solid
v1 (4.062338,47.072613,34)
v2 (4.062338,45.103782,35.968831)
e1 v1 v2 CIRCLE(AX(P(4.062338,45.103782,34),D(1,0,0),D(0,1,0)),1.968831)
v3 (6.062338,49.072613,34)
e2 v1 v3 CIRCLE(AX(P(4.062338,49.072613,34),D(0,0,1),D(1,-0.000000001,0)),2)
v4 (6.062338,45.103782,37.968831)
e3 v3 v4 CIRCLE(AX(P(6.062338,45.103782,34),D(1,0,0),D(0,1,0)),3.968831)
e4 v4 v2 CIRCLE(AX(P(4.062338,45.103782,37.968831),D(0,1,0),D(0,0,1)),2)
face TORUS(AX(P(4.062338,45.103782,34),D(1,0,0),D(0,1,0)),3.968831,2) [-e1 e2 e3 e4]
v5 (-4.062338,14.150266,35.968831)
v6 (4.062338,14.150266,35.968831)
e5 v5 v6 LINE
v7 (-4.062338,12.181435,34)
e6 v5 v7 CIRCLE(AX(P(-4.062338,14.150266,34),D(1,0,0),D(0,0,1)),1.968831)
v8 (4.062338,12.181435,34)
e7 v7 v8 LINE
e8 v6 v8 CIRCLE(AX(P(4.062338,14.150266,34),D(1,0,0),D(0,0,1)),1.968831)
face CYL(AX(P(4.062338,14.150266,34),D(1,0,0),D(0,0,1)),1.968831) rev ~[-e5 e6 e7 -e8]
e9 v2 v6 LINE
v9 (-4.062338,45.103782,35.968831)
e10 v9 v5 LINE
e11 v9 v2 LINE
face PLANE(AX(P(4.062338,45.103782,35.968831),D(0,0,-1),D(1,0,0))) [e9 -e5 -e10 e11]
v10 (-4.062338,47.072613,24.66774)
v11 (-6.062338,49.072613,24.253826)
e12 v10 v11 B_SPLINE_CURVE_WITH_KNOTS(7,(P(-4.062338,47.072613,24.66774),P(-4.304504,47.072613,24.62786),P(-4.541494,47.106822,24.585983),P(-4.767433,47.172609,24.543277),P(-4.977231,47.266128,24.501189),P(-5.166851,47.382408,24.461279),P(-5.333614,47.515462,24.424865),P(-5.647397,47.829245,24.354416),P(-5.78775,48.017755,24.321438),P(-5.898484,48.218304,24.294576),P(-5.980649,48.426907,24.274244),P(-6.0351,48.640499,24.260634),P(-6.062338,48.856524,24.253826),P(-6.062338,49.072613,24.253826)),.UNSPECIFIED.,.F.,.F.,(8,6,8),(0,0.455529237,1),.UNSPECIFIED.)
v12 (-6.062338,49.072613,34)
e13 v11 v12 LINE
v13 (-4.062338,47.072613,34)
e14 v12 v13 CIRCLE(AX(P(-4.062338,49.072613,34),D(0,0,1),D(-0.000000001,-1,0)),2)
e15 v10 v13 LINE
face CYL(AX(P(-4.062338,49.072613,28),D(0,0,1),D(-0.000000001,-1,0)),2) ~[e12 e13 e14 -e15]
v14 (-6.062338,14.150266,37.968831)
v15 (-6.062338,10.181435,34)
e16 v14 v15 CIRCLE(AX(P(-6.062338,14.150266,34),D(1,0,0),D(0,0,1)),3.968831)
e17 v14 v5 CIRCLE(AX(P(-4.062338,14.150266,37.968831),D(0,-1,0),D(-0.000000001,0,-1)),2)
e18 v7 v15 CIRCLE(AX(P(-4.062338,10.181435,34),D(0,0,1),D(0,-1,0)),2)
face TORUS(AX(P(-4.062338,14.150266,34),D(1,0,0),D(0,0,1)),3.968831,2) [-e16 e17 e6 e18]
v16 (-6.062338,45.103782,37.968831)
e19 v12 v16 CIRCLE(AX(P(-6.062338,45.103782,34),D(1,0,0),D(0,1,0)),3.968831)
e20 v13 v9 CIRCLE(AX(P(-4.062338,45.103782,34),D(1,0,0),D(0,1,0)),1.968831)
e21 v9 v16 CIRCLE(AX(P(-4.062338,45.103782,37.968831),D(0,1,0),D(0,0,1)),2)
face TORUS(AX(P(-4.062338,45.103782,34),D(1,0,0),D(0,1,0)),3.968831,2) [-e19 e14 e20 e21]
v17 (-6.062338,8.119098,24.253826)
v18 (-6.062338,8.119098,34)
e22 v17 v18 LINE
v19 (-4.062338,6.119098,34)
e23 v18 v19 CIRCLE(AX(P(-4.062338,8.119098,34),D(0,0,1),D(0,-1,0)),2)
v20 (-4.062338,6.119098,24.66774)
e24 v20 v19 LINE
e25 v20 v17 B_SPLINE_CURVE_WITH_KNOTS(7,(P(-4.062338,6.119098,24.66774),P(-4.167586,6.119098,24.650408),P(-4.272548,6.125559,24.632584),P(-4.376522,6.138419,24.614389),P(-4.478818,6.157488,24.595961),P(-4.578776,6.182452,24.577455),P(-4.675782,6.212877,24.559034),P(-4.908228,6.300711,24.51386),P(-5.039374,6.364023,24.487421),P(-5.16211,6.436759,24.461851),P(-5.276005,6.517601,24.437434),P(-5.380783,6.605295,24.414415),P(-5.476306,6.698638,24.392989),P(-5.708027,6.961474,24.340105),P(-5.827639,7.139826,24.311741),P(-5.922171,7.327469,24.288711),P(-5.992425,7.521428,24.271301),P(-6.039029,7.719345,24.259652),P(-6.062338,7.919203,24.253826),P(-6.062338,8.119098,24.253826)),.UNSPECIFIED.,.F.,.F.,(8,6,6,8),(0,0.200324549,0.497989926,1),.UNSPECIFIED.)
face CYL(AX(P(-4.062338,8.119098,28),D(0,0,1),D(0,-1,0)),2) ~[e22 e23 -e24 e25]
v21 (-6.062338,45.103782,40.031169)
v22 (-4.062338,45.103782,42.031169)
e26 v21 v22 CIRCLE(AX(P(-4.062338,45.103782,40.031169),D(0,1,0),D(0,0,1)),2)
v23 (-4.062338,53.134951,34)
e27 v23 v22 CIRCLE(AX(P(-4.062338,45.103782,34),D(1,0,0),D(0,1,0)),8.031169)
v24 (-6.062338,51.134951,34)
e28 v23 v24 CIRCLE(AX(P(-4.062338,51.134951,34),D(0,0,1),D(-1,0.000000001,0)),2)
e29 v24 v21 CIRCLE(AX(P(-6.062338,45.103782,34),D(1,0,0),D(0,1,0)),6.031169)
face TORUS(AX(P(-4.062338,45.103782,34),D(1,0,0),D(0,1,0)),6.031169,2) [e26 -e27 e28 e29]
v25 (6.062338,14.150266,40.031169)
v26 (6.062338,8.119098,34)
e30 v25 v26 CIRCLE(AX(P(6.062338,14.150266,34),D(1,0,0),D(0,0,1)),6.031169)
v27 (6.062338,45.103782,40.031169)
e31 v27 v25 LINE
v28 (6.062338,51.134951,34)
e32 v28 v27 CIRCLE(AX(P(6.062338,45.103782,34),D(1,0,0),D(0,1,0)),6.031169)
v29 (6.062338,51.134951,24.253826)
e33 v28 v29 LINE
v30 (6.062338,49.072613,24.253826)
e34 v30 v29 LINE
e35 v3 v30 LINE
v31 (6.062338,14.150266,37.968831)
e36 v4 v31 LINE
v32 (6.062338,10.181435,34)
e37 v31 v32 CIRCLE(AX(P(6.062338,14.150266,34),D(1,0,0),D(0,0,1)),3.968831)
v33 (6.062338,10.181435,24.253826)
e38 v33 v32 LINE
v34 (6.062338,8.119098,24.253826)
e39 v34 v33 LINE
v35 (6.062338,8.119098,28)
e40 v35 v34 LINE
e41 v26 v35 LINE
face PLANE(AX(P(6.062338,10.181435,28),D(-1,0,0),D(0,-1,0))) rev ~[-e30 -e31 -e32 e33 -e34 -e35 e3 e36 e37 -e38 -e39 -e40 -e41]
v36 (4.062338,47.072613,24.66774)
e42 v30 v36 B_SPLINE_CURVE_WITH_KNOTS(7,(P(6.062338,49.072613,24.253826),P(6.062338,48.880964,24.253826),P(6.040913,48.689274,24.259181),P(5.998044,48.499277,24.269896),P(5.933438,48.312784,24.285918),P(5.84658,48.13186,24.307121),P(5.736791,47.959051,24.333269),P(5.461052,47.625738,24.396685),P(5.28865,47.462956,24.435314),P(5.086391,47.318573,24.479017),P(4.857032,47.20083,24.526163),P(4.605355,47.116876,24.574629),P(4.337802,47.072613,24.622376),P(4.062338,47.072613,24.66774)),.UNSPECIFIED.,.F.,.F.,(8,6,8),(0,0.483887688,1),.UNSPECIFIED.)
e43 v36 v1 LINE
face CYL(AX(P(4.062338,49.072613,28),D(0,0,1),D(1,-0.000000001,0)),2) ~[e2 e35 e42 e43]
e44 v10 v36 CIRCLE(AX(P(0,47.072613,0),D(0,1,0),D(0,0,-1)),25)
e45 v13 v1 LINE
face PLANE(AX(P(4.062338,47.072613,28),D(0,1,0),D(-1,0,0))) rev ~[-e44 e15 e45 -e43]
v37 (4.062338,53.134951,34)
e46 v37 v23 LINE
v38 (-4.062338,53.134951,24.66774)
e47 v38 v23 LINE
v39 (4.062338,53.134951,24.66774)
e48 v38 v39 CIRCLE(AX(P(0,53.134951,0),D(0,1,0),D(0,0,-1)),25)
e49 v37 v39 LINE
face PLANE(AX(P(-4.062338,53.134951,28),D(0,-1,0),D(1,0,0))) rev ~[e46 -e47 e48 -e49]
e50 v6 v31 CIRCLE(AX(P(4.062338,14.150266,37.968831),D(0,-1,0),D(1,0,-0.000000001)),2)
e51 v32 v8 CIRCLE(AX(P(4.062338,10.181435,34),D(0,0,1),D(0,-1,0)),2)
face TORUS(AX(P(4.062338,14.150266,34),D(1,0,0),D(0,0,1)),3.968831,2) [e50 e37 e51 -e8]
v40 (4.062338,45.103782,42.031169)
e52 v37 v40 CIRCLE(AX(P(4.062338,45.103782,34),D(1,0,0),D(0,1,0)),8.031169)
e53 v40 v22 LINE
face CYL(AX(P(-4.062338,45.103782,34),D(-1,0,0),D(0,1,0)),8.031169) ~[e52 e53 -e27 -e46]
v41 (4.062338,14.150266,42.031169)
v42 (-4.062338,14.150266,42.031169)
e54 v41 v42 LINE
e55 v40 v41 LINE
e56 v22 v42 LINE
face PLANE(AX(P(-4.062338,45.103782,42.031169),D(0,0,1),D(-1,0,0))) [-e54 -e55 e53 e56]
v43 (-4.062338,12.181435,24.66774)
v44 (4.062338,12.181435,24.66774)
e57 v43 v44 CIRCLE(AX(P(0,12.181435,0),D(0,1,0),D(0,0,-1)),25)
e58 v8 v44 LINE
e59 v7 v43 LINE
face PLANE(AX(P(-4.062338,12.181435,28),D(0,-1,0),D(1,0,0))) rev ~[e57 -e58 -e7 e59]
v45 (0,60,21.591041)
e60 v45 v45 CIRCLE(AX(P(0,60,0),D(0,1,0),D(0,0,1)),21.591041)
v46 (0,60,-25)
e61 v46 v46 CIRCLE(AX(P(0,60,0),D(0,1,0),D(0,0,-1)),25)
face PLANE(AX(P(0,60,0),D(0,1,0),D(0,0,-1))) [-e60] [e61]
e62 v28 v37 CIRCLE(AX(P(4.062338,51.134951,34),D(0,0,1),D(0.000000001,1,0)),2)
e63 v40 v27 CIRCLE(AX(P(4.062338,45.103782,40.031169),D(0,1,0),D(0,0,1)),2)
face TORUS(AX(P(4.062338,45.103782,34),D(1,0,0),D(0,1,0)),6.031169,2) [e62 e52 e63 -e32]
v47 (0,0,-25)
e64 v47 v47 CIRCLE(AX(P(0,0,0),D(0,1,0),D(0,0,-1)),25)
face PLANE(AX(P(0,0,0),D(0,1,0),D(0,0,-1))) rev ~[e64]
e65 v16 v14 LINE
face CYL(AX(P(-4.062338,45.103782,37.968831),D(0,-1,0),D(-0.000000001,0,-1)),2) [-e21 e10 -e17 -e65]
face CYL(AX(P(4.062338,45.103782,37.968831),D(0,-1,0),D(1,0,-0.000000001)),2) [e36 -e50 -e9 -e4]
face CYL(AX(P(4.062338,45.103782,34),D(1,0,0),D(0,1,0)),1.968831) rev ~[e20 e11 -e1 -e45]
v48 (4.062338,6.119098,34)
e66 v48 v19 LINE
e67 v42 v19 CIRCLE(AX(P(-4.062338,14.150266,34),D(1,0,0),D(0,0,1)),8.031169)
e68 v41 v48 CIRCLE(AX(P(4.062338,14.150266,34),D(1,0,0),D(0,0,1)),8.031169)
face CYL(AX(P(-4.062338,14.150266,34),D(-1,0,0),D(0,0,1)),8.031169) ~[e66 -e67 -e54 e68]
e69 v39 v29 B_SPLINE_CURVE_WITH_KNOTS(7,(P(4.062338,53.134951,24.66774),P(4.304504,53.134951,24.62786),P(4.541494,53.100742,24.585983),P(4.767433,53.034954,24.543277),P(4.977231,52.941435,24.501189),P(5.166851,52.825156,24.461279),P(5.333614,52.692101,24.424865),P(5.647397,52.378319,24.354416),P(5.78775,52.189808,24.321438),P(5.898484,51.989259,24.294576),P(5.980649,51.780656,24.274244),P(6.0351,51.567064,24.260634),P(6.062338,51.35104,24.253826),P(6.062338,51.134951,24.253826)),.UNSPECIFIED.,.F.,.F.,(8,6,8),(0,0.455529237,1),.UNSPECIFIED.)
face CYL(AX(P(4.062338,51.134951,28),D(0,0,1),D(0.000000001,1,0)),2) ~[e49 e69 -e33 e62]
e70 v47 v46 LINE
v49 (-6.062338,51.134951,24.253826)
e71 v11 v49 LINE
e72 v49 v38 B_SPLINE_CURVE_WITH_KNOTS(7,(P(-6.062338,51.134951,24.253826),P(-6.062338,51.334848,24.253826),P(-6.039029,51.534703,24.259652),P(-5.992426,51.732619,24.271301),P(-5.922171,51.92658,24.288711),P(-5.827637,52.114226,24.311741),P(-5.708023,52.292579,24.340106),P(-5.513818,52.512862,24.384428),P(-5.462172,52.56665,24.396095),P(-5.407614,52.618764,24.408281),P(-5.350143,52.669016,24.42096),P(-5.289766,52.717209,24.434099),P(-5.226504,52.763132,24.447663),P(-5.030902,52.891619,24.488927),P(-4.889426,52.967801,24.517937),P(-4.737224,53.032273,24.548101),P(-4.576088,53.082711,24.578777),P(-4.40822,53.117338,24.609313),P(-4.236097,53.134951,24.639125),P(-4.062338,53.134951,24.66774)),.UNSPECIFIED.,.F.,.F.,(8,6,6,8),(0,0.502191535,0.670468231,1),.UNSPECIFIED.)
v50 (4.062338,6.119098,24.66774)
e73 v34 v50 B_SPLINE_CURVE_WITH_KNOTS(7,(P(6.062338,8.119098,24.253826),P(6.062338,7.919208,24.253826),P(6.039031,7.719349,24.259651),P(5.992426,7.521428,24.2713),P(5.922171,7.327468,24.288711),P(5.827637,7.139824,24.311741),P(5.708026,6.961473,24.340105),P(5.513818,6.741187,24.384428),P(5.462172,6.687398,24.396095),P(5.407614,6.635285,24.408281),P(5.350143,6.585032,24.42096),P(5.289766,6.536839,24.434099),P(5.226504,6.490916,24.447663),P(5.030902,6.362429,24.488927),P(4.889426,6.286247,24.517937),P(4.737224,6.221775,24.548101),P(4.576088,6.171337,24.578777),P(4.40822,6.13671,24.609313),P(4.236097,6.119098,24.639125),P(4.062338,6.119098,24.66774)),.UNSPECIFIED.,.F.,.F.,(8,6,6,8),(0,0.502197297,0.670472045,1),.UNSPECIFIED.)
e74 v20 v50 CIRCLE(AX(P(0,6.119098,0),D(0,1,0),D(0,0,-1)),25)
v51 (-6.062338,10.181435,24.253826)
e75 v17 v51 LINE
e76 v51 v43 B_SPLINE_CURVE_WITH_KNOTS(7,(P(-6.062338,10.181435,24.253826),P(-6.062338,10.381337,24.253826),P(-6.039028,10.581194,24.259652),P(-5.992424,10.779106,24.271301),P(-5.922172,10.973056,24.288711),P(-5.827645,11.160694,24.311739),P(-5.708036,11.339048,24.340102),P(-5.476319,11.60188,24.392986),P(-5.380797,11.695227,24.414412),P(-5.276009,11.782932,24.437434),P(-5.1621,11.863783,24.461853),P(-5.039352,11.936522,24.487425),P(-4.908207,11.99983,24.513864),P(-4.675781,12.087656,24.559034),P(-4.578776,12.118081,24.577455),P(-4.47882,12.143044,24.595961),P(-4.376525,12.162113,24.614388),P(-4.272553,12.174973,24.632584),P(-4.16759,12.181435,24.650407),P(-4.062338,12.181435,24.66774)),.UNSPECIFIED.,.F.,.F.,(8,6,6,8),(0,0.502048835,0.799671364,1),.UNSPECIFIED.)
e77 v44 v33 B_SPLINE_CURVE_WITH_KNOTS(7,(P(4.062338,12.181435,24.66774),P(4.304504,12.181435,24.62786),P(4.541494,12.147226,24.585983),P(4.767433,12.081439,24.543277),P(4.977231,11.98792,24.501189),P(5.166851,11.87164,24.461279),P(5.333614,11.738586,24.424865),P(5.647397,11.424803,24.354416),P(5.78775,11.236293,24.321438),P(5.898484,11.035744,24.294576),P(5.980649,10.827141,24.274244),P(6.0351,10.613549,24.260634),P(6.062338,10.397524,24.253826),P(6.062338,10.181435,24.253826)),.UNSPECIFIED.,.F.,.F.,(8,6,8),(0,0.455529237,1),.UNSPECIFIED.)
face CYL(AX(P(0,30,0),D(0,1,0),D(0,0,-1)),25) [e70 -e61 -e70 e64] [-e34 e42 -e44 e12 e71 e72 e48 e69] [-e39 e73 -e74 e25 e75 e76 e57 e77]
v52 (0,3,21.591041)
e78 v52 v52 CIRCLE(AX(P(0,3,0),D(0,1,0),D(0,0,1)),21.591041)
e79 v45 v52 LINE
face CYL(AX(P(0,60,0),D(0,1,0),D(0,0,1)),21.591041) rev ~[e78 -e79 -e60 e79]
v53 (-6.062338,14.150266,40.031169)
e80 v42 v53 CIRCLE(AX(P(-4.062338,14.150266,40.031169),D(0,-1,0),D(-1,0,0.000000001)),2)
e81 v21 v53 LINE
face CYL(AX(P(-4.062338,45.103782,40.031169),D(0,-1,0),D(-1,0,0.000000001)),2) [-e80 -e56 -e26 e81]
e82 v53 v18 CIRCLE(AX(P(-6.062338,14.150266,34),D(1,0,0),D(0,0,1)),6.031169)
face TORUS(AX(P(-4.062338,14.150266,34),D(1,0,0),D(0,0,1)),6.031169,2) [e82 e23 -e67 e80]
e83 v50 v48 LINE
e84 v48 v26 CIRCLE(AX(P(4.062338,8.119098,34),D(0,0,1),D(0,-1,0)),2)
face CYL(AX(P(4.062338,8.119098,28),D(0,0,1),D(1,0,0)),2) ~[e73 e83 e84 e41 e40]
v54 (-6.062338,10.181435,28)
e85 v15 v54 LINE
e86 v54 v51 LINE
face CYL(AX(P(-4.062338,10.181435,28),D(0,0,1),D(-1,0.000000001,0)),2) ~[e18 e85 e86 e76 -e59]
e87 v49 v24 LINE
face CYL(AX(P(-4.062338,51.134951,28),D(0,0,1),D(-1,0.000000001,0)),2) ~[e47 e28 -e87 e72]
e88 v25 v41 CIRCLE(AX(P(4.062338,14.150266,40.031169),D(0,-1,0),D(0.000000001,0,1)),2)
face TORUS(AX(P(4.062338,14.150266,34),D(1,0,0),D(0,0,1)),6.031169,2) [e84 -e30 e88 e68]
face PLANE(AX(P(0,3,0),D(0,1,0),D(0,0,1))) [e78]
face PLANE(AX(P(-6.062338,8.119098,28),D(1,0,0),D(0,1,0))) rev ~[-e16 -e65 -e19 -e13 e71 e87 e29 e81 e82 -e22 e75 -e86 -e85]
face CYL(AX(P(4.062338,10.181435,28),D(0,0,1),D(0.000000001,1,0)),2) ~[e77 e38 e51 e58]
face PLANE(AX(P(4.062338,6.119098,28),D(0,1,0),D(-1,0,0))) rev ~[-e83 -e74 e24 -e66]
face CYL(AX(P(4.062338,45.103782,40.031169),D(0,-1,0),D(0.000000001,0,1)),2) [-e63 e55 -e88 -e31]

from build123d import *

# Parameters (mm, degrees)
ESBO_O2_W                = 25
ESBO_O2_H                = 60
ESBO_O3_R                = 21.591040813
CORTE_EXTRUS_O1_DEPTH    = 57
RESSALTO_EXTRUS_O1_REACH = 85.869


with BuildPart() as part:
    # Esboço2 → Revolução1 (revolve)
    with BuildSketch(Plane(origin=(0, 0, 0), x_dir=(0, 0, -1), z_dir=(1, 0, 0)), mode=Mode.PRIVATE) as revolu_o1_sk:
        with Locations((-12.5, 30)):
            Rectangle(ESBO_O2_W, ESBO_O2_H)
    revolve(revolu_o1_sk.sketch.rotate(Axis((0, 0, 0), (0, 1, 0)), 180), axis=Axis((0, 0, 0), (0, 1, 0)))

    # Esboço3 → Corte-extrusão1 (cut)
    with BuildSketch(Plane(origin=(0, 60, 0), x_dir=(1, 0, 0), z_dir=(0, 1, 0))):
        with Locations(Location((0, 0, 0), (0, 0, 270))):
            Circle(ESBO_O3_R)
    extrude(amount=-CORTE_EXTRUS_O1_DEPTH, mode=Mode.SUBTRACT)

    # Esboço6 → Ressalto-extrusão1 (add, up to next)
    with BuildSketch(Plane(origin=(0, 0, 28), x_dir=(-1, 0, 0), z_dir=(0, 0, -1)), mode=Mode.PRIVATE) as ressalto_extrus_o1_sk1:
        with BuildLine():
            Line((4.062337727, 53.13495059), (-4.062337727, 53.13495059))
            ThreePointArc((-4.062337727, 53.13495059), (-5.476551289, 52.549164152), (-6.062337727, 51.13495059))
            Line((-6.062337727, 51.13495059), (-6.062337727, 49.072612863))
            ThreePointArc((-6.062337727, 49.072612863), (-5.476551289, 47.658399301), (-4.062337727, 47.072612863))
            Line((-4.062337727, 47.072612863), (4.062337727, 47.072612863))
            ThreePointArc((4.062337727, 47.072612863), (5.476551289, 47.658399301), (6.062337727, 49.072612863))
            Line((6.062337727, 49.072612863), (6.062337727, 51.13495059))
            ThreePointArc((6.062337727, 51.13495059), (5.476551289, 52.549164152), (4.062337727, 53.13495059))
        make_face()
    ressalto_extrus_o1_tool1 = extrude(ressalto_extrus_o1_sk1.sketch, amount=RESSALTO_EXTRUS_O1_REACH, mode=Mode.PRIVATE) - part.part
    # Esboço6 → Ressalto-extrusão1 (add, up to next)
    with BuildSketch(Plane(origin=(0, 0, 28), x_dir=(-1, 0, 0), z_dir=(0, 0, -1)), mode=Mode.PRIVATE) as ressalto_extrus_o1_sk2:
        with BuildLine():
            Line((6.062337727, 8.119097581), (6.062337727, 10.181435308))
            ThreePointArc((6.062337727, 10.181435308), (5.476551289, 11.59564887), (4.062337727, 12.181435308))
            Line((4.062337727, 12.181435308), (-4.062337727, 12.181435308))
            ThreePointArc((-4.062337727, 12.181435308), (-5.476551289, 11.59564887), (-6.062337727, 10.181435308))
            Line((-6.062337727, 10.181435308), (-6.062337727, 8.119097581))
            ThreePointArc((-6.062337727, 8.119097581), (-5.476551289, 6.704884018), (-4.062337727, 6.119097581))
            Line((-4.062337727, 6.119097581), (4.062337727, 6.119097581))
            ThreePointArc((4.062337727, 6.119097581), (5.476551289, 6.704884018), (6.062337727, 8.119097581))
        make_face()
    ressalto_extrus_o1_tool2 = extrude(ressalto_extrus_o1_sk2.sketch, amount=RESSALTO_EXTRUS_O1_REACH, mode=Mode.PRIVATE) - part.part


with BuildPart() as body_2:
    # Varredura1: sweep along a path in Esboço5
    with BuildLine(Plane(origin=(0, 0, 0), x_dir=(0, 0, -1), z_dir=(1, 0, 0))) as varredura1_path:
        Line((-28, 50.103781727), (-34, 50.103781727))
        ThreePointArc((-34, 50.103781727), (-37.535533906, 48.639315633), (-39, 45.103781727))
        Line((-39, 45.103781727), (-39, 14.150266444))
        ThreePointArc((-39, 14.150266444), (-37.535533906, 10.614732538), (-34, 9.150266444))
        Line((-34, 9.150266444), (-28, 9.150266444))
    # Esboço4 → Varredura1 (sweep)
    with BuildSketch(Plane.XY.offset(28)):
        with BuildLine():
            Line((-4.062337727, 53.13495059), (4.062337727, 53.13495059))
            ThreePointArc((4.062337727, 53.13495059), (5.476551289, 52.549164152), (6.062337727, 51.13495059))
            Line((6.062337727, 51.13495059), (6.062337727, 49.072612863))
            ThreePointArc((6.062337727, 49.072612863), (5.476551289, 47.658399301), (4.062337727, 47.072612863))
            Line((4.062337727, 47.072612863), (-4.062337727, 47.072612863))
            ThreePointArc((-4.062337727, 47.072612863), (-5.476551289, 47.658399301), (-6.062337727, 49.072612863))
            Line((-6.062337727, 49.072612863), (-6.062337727, 51.13495059))
            ThreePointArc((-6.062337727, 51.13495059), (-5.476551289, 52.549164152), (-4.062337727, 53.13495059))
        make_face()
    sweep(path=varredura1_path.line)


with BuildPart() as part_1:
    add(part.part)

    add(body_2.part)  # Ressalto-extrusão1 merges body 2
    add(ressalto_extrus_o1_tool1.solids().sort_by_distance((0, 50.103782, 28))[0])
    add(ressalto_extrus_o1_tool2.solids().sort_by_distance((0, 9.150266, 28))[0])


solid = part_1.part
